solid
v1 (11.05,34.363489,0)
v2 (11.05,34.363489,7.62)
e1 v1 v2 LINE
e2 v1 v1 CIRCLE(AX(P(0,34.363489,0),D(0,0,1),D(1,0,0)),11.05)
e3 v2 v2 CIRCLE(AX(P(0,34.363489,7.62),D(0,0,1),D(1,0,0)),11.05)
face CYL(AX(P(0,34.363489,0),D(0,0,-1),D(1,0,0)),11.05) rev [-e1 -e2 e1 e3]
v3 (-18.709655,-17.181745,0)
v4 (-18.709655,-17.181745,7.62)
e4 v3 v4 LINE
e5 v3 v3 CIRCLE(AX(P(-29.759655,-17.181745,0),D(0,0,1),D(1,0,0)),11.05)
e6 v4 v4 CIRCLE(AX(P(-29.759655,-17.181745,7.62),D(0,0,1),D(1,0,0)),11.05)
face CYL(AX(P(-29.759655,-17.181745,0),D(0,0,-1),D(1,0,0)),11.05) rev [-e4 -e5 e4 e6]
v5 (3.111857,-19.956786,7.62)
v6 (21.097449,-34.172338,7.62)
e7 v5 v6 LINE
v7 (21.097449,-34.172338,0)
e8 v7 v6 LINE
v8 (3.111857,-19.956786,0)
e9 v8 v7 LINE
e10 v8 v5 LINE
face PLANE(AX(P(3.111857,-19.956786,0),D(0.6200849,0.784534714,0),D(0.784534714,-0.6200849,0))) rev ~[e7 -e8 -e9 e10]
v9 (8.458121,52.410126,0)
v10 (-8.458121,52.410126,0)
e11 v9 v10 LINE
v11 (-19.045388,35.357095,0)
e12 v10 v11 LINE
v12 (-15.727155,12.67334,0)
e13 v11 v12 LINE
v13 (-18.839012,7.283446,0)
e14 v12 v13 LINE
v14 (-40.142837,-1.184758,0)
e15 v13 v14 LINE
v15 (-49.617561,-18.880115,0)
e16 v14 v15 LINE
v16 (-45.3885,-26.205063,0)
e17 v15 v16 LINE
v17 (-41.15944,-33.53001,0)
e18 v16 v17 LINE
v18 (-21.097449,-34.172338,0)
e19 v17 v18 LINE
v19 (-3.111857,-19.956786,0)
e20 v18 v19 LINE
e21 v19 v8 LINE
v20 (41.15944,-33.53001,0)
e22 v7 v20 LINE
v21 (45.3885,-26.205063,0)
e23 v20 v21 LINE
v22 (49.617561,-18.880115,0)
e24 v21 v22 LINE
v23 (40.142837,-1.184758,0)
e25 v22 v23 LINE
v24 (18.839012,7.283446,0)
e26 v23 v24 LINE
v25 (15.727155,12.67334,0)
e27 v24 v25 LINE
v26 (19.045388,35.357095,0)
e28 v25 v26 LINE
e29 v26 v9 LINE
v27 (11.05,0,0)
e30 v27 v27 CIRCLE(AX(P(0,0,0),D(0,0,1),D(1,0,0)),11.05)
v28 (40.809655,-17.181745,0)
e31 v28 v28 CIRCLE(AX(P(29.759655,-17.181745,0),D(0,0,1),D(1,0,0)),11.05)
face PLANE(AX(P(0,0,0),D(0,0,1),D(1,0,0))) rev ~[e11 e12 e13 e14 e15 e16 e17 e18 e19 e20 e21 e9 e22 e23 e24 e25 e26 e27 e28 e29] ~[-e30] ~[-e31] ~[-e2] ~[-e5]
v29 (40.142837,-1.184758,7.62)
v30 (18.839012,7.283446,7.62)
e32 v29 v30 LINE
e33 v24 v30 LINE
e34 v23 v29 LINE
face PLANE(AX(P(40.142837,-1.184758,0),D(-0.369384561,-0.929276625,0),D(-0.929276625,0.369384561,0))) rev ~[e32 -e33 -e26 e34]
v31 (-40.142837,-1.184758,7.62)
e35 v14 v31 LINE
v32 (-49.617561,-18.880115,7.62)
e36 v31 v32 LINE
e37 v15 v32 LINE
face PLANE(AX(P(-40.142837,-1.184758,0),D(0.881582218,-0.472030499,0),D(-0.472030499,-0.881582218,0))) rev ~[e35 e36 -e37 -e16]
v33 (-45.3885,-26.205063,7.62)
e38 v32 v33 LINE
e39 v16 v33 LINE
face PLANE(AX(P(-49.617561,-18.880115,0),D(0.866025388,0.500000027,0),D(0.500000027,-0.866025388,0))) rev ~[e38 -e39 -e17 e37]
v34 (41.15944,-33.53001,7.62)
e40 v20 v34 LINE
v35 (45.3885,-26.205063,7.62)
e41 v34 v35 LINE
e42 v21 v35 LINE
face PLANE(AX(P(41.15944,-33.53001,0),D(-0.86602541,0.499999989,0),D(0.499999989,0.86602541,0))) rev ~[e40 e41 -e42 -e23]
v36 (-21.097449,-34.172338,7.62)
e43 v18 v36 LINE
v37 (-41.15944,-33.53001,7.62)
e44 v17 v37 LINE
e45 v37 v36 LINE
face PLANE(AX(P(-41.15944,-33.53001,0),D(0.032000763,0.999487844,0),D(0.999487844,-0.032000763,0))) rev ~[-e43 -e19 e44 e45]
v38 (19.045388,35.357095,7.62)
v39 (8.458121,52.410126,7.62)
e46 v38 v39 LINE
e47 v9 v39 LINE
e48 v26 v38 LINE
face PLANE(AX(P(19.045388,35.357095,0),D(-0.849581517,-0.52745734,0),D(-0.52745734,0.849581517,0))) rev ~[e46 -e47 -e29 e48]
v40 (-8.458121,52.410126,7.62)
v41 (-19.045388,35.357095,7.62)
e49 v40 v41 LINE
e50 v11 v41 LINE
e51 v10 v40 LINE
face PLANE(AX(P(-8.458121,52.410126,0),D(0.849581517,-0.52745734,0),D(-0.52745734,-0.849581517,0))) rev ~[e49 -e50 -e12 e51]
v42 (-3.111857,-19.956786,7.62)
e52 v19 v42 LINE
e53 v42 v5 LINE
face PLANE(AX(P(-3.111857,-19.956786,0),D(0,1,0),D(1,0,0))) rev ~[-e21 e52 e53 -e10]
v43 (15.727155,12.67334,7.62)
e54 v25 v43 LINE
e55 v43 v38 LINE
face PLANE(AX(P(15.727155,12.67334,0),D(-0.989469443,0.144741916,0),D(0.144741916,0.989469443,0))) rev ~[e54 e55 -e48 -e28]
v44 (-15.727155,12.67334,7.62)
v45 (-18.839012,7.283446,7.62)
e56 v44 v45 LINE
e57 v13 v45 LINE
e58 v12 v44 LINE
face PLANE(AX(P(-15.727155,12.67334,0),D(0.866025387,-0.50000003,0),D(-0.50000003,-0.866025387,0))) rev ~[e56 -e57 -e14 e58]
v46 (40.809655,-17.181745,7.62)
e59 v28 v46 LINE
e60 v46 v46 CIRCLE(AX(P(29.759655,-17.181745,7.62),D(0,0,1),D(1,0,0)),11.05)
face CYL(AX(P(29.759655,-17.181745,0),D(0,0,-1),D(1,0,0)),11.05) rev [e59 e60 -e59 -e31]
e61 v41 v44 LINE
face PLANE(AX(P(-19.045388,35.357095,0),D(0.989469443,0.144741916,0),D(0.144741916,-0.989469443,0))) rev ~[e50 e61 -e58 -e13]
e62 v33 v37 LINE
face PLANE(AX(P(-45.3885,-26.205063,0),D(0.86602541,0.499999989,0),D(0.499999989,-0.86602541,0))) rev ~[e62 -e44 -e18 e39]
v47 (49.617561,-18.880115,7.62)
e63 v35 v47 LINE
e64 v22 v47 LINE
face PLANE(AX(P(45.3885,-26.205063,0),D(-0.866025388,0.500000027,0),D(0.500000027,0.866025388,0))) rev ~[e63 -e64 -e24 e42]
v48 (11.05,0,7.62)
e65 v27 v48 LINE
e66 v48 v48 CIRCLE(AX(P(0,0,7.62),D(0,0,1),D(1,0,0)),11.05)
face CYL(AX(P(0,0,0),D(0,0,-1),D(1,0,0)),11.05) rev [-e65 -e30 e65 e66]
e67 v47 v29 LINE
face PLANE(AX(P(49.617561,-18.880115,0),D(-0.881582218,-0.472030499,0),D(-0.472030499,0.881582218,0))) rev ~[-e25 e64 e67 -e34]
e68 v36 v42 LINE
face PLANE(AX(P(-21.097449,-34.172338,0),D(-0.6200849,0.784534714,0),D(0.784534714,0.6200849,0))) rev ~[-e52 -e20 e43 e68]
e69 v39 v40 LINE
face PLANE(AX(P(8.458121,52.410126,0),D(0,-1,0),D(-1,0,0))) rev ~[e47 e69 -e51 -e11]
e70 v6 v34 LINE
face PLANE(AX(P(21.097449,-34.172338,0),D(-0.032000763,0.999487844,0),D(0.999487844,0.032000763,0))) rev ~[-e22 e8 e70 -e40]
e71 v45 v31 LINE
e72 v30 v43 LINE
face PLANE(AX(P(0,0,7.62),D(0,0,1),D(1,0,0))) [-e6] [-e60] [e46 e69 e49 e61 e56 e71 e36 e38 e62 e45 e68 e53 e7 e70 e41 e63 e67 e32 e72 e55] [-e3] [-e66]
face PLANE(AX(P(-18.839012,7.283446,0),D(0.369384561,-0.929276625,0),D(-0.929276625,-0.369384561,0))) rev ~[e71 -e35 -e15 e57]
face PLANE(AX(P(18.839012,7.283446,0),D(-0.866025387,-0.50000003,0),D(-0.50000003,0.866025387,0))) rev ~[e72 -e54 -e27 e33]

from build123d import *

# Parameters (mm, degrees)
F0_R     = 11.05
F1_DEPTH = 7.62


with BuildPart() as f1:
    # F0 (on Top) → F1 (new body)
    with BuildSketch(Plane.XY):
        Polygon((0, 52.410126), (-8.458121, 52.410126), (-19.045388, 35.357095), (-15.727155, 12.67334), (-18.839012, 7.283446), (-40.142837, -1.184758), (-49.617561, -18.880115), (-45.3885, -26.205063), (-41.15944, -33.53001), (-21.097449, -34.172338), (-3.111857, -19.956786), (3.111857, -19.956786), (21.097449, -34.172338), (41.15944, -33.53001), (45.3885, -26.205063), (49.617561, -18.880115), (40.142837, -1.184758), (18.839012, 7.283446), (15.727155, 12.67334), (19.045388, 35.357095), (8.458121, 52.410126), align=None)
        with Locations((-29.759655, -17.181745)):
            Circle(F0_R, mode=Mode.SUBTRACT)
        with Locations((29.759655, -17.181745)):
            Circle(F0_R, mode=Mode.SUBTRACT)
        Circle(F0_R, mode=Mode.SUBTRACT)
        with Locations((0, 34.363489)):
            Circle(F0_R, mode=Mode.SUBTRACT)
    extrude(amount=F1_DEPTH)


solid = f1.part
